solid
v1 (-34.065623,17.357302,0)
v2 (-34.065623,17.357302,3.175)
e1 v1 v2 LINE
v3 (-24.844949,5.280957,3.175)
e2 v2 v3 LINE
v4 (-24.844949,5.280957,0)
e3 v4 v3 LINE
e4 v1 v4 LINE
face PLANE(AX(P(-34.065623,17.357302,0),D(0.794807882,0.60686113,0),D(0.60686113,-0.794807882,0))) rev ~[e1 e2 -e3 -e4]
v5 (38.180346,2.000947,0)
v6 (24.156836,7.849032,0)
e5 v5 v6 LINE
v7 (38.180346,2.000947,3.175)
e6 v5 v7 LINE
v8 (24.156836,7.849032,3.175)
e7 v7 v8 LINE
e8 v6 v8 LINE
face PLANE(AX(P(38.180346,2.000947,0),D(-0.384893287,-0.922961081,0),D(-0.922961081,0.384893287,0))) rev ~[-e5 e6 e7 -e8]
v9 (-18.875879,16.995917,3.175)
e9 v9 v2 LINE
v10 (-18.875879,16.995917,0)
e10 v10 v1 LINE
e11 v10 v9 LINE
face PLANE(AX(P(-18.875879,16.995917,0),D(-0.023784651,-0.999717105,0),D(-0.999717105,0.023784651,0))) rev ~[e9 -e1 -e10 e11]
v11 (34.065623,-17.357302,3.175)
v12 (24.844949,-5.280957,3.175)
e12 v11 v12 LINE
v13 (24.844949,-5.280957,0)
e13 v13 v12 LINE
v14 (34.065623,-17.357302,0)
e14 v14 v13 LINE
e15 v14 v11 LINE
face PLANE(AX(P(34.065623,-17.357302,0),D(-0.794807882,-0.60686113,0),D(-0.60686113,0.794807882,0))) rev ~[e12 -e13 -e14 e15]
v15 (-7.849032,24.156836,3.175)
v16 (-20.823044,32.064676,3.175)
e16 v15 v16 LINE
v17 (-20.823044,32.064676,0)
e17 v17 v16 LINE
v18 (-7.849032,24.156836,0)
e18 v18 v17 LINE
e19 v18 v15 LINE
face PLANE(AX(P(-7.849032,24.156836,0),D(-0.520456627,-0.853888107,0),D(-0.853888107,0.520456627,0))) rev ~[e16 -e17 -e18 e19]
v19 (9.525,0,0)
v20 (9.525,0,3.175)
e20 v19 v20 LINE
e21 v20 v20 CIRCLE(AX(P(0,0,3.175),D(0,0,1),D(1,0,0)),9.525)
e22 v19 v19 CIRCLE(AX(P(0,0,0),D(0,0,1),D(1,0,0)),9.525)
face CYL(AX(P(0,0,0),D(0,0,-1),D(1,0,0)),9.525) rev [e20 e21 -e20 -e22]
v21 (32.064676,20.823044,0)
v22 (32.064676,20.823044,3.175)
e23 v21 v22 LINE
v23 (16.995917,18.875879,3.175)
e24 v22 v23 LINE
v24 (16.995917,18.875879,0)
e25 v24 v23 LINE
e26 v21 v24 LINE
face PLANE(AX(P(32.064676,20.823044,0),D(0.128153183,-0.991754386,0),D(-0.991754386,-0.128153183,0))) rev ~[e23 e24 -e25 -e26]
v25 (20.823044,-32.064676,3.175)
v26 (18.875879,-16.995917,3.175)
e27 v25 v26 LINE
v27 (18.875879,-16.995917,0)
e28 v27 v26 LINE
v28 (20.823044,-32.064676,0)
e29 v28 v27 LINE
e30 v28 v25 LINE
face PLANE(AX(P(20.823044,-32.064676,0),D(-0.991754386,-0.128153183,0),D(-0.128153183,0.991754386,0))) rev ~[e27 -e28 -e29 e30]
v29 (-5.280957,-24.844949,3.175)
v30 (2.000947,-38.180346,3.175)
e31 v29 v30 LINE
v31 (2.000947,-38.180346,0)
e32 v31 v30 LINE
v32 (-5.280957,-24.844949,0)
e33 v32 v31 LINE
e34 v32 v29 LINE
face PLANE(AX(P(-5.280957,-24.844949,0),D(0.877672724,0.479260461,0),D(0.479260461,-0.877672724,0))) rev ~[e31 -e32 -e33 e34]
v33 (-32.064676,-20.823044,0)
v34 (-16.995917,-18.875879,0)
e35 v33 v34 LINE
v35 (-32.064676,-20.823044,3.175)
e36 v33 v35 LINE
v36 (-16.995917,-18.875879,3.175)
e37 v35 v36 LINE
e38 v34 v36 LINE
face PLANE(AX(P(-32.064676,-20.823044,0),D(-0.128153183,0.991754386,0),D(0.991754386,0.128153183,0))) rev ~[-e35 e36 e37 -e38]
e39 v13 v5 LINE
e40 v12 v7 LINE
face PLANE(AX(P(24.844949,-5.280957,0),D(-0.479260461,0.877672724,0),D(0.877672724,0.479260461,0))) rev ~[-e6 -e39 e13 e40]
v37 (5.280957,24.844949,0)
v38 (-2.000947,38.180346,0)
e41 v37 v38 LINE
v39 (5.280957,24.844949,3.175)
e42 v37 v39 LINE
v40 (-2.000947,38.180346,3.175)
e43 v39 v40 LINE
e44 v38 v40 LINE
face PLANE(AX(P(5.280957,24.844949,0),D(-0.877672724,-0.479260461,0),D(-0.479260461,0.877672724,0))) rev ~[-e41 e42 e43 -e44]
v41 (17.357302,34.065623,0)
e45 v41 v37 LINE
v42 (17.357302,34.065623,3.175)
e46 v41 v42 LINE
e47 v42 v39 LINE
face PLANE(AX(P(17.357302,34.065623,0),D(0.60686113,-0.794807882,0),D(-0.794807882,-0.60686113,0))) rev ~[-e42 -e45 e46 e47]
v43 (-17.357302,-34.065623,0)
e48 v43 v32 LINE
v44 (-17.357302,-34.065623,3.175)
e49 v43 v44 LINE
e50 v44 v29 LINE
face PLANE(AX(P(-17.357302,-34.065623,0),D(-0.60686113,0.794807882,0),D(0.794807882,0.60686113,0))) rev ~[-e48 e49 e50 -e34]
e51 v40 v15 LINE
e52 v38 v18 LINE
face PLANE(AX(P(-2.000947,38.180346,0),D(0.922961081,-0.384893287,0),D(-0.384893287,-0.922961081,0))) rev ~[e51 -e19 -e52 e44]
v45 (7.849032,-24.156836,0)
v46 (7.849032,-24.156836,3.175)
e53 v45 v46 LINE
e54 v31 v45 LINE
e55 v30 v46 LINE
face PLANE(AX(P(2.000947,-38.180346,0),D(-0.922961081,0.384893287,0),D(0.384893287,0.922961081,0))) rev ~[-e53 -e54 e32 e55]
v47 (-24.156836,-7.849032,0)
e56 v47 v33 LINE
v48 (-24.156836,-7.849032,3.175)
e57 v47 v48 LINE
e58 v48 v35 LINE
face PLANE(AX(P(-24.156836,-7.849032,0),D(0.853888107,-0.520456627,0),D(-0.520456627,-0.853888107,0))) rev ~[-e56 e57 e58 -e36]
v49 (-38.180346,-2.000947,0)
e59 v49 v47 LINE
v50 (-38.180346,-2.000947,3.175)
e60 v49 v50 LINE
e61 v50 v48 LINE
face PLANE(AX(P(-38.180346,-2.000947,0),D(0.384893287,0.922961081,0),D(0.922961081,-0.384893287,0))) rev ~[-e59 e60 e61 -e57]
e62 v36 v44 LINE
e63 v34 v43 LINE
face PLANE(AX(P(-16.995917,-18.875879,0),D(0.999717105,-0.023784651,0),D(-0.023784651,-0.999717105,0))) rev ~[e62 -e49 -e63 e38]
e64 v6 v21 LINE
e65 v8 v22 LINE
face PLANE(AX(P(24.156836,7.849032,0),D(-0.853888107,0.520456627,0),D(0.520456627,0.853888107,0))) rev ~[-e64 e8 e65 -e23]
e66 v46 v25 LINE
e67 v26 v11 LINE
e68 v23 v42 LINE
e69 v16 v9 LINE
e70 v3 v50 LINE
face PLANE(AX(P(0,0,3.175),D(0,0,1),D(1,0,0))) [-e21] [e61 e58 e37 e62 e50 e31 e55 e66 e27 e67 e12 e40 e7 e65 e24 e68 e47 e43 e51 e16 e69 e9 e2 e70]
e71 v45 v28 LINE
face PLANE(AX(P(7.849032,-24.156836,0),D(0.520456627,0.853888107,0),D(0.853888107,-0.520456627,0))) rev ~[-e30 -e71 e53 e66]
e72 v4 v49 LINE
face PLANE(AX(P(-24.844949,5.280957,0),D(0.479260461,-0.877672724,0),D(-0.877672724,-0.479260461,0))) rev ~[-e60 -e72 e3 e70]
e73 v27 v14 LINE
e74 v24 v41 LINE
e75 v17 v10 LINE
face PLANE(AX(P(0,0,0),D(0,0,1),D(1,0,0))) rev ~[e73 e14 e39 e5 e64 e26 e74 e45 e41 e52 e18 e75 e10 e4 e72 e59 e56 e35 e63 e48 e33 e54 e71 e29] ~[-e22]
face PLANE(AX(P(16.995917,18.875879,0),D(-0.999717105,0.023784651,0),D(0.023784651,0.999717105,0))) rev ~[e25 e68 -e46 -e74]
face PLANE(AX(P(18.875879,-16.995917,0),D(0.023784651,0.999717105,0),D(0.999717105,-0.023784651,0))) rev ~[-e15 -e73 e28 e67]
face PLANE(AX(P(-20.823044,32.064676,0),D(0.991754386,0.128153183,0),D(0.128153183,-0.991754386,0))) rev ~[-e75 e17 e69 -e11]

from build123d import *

# Parameters (mm, degrees)
F0_R     = 9.525
F1_DEPTH = 3.175


with BuildPart() as f1:
    # F0 (on Top) → F1 (new body)
    with BuildSketch(Plane.XY):
        Polygon((-2.000947, 38.180346), (-7.849032, 24.156836), (-20.823044, 32.064676), (-18.875879, 16.995917), (-34.065623, 17.357302), (-24.844949, 5.280957), (-38.180346, -2.000947), (-24.156836, -7.849032), (-32.064676, -20.823044), (-16.995917, -18.875879), (-17.357302, -34.065623), (-5.280957, -24.844949), (2.000947, -38.180346), (7.849032, -24.156836), (20.823044, -32.064676), (18.875879, -16.995917), (34.065623, -17.357302), (24.844949, -5.280957), (38.180346, 2.000947), (24.156836, 7.849032), (32.064676, 20.823044), (16.995917, 18.875879), (17.357302, 34.065623), (5.280957, 24.844949), align=None)
        Circle(F0_R, mode=Mode.SUBTRACT)
    extrude(amount=F1_DEPTH)


solid = f1.part
